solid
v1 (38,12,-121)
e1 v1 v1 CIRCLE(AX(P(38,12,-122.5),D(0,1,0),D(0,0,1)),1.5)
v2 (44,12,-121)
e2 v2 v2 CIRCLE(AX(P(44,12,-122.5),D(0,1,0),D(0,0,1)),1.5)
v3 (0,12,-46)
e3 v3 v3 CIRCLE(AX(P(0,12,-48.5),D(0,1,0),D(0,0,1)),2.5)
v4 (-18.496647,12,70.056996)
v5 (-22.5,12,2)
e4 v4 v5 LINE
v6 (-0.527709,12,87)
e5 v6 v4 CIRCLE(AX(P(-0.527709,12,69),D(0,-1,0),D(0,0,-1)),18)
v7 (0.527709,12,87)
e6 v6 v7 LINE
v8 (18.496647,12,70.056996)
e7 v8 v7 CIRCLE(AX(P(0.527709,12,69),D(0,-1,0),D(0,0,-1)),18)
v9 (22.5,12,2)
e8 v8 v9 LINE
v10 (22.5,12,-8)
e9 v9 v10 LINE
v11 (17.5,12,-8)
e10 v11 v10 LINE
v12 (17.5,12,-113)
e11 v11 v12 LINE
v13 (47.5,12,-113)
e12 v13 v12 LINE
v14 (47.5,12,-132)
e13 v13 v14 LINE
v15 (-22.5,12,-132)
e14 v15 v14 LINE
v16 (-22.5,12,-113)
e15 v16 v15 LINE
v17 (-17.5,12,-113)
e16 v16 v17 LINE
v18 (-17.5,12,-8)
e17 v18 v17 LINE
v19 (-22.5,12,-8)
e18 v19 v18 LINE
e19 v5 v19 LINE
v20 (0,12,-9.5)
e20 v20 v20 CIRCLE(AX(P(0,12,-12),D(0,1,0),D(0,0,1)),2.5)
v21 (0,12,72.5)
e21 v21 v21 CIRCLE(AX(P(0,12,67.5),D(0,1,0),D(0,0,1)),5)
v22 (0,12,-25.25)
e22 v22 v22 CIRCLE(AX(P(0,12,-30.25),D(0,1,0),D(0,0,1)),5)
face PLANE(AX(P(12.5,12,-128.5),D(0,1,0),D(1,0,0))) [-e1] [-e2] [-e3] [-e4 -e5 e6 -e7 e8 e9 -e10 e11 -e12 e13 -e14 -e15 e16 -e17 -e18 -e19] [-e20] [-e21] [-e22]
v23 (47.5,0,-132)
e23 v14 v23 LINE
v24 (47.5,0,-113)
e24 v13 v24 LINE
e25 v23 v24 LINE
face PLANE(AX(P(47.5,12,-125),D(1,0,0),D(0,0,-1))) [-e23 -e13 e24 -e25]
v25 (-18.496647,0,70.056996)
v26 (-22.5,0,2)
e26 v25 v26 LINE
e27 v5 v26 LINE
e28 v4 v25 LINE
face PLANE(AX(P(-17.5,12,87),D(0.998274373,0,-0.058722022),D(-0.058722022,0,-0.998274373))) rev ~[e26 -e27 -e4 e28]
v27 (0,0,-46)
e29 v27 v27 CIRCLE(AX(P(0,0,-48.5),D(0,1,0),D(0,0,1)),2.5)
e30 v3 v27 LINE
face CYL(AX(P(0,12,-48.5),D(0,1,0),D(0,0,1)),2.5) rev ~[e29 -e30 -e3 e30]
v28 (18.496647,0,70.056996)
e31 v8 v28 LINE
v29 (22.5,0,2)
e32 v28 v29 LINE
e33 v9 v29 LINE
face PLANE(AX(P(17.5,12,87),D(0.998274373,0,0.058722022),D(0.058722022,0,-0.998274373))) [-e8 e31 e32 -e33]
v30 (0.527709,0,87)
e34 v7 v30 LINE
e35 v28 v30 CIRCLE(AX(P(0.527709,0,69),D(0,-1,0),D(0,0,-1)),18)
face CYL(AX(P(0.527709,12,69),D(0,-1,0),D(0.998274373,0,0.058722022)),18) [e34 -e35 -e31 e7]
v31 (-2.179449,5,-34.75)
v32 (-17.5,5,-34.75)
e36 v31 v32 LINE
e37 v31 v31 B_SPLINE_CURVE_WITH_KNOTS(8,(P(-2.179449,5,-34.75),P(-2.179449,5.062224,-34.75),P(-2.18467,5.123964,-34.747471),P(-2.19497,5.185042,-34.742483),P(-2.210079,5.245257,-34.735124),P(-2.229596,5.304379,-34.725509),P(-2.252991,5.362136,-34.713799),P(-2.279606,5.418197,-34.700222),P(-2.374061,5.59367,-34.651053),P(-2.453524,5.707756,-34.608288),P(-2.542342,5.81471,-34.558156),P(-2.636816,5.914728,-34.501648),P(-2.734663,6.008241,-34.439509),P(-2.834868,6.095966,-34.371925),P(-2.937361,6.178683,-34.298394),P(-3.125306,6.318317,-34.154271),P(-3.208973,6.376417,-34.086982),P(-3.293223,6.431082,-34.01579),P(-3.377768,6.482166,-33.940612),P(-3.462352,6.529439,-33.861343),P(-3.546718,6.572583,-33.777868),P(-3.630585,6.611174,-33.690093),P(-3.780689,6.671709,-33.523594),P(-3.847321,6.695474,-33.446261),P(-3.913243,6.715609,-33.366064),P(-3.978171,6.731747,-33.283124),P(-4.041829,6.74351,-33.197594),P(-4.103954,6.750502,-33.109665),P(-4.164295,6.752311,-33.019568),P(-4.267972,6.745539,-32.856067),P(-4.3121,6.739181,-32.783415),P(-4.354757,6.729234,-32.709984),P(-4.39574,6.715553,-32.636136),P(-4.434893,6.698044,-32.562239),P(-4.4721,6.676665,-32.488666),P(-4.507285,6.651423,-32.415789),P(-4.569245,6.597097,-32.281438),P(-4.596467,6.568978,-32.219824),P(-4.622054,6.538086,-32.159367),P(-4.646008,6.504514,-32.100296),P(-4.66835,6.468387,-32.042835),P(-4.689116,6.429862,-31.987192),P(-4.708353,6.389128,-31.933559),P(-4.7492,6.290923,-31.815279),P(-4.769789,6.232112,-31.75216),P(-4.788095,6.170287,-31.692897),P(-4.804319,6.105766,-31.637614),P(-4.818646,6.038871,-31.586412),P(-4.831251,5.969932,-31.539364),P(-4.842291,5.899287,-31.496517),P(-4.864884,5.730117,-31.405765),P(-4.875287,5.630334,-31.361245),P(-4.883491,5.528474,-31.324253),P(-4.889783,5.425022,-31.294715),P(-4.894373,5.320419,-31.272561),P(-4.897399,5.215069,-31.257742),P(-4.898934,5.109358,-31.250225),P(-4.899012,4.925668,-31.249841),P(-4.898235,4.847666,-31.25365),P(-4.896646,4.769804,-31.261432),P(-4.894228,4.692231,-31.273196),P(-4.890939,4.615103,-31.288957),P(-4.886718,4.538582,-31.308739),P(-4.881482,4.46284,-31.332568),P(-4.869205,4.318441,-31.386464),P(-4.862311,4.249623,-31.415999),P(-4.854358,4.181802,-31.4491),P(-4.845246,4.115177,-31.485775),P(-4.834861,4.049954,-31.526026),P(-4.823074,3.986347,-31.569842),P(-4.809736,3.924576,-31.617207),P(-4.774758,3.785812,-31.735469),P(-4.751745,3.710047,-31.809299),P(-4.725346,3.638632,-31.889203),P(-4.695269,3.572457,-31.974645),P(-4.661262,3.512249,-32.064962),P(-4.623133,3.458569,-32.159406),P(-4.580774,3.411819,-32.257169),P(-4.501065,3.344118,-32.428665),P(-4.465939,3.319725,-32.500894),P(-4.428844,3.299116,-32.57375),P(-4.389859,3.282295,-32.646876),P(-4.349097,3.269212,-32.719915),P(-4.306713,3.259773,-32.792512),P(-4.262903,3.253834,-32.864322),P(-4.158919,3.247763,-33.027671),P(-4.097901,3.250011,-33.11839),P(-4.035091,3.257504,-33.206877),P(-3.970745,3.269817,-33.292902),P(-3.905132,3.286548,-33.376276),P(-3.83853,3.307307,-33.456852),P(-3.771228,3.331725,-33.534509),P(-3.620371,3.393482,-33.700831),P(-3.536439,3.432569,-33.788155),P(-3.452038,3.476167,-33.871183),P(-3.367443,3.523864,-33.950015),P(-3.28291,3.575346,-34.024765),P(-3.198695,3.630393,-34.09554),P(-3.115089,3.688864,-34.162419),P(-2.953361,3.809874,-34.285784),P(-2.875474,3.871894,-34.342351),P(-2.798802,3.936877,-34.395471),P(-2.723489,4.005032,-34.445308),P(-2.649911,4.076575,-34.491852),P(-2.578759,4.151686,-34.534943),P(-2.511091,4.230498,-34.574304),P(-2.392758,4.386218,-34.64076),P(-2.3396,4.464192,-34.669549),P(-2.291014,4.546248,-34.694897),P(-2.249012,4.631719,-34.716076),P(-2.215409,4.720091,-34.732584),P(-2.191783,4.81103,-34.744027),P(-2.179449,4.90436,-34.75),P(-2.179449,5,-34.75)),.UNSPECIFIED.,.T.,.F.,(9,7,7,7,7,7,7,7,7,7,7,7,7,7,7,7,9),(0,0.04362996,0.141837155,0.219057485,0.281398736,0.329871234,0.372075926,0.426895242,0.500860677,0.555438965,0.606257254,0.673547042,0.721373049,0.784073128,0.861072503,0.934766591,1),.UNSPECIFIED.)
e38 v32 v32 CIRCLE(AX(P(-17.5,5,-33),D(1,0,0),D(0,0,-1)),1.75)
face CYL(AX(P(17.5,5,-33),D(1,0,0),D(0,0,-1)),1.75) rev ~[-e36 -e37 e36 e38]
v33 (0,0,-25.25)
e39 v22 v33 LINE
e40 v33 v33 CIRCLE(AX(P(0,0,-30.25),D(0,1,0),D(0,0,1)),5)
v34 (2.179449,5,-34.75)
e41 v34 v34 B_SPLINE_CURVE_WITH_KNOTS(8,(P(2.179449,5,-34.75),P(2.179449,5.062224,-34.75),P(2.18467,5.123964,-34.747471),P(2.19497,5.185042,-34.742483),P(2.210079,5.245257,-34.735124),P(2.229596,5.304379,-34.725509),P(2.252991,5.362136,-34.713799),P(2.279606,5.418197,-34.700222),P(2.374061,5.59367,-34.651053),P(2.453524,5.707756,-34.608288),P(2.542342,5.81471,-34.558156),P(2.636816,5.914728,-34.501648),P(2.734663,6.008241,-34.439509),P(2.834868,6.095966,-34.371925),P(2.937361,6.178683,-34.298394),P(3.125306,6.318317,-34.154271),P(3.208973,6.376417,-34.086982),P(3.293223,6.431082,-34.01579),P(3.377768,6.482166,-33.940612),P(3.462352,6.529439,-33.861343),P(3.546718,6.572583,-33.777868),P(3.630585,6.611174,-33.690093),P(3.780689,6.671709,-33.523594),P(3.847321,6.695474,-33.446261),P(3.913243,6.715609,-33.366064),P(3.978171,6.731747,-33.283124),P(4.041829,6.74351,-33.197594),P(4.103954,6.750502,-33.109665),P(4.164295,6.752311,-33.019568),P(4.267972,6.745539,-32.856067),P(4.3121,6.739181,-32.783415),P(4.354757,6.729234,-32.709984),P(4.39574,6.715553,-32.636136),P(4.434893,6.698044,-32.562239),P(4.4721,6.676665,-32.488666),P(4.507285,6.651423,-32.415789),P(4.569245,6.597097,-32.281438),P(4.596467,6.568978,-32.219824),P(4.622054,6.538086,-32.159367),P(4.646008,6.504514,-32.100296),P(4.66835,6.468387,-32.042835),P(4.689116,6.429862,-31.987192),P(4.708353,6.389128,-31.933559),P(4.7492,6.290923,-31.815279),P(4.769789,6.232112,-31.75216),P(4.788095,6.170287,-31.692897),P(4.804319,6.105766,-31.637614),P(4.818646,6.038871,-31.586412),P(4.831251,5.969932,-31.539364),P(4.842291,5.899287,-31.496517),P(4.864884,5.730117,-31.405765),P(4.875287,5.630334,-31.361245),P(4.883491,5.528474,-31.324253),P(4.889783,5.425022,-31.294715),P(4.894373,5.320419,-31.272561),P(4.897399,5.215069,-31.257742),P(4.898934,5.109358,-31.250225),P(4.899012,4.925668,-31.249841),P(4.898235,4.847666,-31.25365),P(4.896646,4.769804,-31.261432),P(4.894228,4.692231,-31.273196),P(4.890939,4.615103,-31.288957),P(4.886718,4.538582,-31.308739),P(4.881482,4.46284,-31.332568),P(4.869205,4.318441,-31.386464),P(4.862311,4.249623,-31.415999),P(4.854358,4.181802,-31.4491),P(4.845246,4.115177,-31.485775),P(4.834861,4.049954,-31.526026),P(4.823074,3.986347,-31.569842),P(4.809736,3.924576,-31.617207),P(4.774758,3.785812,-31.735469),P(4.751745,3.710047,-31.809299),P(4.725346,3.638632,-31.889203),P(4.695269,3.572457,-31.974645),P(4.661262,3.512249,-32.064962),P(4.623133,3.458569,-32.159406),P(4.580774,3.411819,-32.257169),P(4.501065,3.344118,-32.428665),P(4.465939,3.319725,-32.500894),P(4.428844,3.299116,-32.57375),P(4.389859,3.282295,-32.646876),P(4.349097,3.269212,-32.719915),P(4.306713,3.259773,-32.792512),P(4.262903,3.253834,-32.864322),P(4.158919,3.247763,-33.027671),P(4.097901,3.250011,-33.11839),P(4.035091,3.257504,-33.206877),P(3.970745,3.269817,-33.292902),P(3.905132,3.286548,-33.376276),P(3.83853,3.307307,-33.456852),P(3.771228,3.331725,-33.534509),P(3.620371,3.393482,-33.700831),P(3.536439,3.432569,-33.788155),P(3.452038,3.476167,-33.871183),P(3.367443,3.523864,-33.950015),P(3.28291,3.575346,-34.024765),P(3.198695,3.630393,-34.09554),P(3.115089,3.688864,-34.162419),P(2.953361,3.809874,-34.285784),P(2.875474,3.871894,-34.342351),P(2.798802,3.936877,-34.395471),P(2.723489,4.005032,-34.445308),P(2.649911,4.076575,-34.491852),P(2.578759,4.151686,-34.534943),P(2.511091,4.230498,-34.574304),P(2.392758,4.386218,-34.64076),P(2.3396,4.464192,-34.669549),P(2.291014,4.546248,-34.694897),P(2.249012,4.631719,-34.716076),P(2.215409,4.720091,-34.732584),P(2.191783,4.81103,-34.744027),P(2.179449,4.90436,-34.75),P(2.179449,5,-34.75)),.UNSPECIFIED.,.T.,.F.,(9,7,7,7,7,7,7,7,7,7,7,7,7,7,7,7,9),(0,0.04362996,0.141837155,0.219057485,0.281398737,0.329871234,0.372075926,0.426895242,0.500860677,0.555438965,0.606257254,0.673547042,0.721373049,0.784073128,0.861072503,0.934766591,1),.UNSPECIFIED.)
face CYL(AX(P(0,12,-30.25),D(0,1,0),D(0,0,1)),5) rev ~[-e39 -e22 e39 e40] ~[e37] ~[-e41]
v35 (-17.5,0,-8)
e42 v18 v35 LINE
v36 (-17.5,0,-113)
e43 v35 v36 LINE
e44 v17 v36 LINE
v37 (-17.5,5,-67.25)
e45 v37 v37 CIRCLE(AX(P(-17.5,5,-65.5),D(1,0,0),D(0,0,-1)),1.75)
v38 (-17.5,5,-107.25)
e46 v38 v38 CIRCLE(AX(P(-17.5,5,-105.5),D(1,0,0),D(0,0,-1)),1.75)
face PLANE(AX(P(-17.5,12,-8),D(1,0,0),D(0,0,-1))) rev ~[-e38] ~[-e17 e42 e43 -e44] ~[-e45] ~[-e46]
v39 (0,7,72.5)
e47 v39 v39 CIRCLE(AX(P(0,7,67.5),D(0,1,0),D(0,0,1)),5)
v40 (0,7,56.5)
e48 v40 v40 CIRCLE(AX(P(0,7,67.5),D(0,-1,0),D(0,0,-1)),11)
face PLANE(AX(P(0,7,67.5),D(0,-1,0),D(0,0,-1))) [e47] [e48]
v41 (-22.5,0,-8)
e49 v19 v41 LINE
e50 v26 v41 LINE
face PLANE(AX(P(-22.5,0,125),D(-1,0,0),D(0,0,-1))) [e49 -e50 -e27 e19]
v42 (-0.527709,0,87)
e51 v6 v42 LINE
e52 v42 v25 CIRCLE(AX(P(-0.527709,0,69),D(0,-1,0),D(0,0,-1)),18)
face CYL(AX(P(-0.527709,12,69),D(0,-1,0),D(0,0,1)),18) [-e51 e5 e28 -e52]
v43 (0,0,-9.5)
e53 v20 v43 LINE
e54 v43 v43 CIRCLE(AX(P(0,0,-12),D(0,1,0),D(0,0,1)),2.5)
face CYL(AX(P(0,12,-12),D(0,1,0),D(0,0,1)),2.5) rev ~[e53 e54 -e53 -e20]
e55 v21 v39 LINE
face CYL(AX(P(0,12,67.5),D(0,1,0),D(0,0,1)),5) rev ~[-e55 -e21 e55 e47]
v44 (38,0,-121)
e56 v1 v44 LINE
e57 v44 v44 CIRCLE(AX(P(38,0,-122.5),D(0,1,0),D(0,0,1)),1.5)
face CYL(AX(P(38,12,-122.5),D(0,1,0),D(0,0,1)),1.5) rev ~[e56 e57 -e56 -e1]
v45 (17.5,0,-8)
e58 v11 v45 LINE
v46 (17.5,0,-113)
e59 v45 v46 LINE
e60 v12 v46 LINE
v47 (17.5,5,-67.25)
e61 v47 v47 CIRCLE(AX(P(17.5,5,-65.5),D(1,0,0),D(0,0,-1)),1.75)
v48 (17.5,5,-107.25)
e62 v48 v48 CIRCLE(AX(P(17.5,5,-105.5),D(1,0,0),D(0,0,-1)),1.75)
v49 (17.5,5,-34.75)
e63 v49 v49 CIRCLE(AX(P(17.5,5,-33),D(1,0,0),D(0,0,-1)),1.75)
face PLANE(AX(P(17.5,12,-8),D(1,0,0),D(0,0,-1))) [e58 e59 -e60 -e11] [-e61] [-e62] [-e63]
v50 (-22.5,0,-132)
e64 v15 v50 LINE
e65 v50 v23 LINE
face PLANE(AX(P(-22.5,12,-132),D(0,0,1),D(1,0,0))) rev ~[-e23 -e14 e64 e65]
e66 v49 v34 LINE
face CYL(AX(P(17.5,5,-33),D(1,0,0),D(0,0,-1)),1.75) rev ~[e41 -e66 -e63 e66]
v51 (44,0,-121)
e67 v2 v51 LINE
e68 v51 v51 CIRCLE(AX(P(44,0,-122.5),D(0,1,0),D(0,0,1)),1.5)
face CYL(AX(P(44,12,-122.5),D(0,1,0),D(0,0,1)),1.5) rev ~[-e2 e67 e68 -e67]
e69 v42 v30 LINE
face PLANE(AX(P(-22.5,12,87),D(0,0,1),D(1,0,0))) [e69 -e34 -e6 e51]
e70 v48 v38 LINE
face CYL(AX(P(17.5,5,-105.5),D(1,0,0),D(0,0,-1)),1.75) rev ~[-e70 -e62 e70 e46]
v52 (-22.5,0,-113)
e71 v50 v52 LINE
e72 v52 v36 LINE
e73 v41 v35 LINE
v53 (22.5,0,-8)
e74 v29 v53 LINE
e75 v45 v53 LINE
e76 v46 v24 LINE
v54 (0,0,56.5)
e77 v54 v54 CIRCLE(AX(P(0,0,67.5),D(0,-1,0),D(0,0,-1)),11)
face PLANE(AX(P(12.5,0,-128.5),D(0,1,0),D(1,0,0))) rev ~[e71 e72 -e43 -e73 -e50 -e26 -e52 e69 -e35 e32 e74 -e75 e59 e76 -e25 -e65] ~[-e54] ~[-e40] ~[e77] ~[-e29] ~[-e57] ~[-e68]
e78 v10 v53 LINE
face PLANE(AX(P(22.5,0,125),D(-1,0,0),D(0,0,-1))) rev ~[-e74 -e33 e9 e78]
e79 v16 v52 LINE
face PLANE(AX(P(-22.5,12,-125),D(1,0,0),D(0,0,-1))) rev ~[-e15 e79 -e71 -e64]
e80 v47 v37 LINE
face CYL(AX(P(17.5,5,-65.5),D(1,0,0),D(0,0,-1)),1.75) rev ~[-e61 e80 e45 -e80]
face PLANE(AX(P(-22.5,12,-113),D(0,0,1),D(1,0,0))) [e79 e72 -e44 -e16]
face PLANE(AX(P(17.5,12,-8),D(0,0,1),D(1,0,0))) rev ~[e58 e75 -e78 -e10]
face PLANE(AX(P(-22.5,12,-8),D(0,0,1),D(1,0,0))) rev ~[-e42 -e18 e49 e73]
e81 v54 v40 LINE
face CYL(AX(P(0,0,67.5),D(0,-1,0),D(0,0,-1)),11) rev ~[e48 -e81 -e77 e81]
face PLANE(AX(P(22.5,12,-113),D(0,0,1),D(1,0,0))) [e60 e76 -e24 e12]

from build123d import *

# Parameters (mm, degrees)
SKETCH1_W           = 45
SKETCH1_H           = 250
BOSS_EXTRUDE1_DEPTH = 12
SKETCH2_R           = 2.5
SKETCH2_R_2         = 5
SKETCH2_W           = 5
SKETCH2_H           = 105
SKETCH2_W_2         = 45
SKETCH2_H_2         = 15
CUT_EXTRUDE1_DEPTH  = 12
SKETCH3_R           = 1.75
CUT_EXTRUDE2_DEPTH  = 35
SKETCH4_W           = 25
SKETCH4_H           = 12
BOSS_EXTRUDE2_DEPTH = 12
SKETCH5_W           = 45
SKETCH5_H           = 23
CUT_EXTRUDE3_DEPTH  = 20
SKETCH6_W           = 70
SKETCH6_H           = 7
BOSS_EXTRUDE3_DEPTH = 12
SKETCH7_R           = 1.5
CUT_EXTRUDE4_DEPTH  = 12
CUT_EXTRUDE5_DEPTH  = 20
FILLET1_R           = 18
SKETCH9_R           = 11
CUT_EXTRUDE6_DEPTH  = 7


with BuildPart() as part:
    # Sketch1 → Boss-Extrude1 (new body)
    with BuildSketch(Plane(origin=(0, 0, 0), x_dir=(1, 0, 0), z_dir=(0, 1, 0))):
        Rectangle(SKETCH1_W, SKETCH1_H)
    extrude(amount=BOSS_EXTRUDE1_DEPTH)

    # Sketch2 → Cut-Extrude1 (cut)
    with BuildSketch(Plane(origin=(0, 12, 0), x_dir=(1, 0, 0), z_dir=(0, 1, 0))):
        with Locations(Location((0, 12, 0), (0, 0, 270))):
            Circle(SKETCH2_R)
        with Locations(Location((0, 30.25, 0), (0, 0, 270))):
            Circle(SKETCH2_R_2)
        with Locations(Location((0, 48.5, 0), (0, 0, 270))):
            Circle(SKETCH2_R)
        with Locations(Location((0, -67.5, 0), (0, 0, 270))):
            Circle(SKETCH2_R_2)
        with Locations((20, 60.5)):
            Rectangle(SKETCH2_W, SKETCH2_H)
        with Locations((-20, 60.5)):
            Rectangle(SKETCH2_W, SKETCH2_H)
        with Locations((0, -117.5)):
            Rectangle(SKETCH2_W_2, SKETCH2_H_2)
    extrude(amount=-CUT_EXTRUDE1_DEPTH, mode=Mode.SUBTRACT)

    # Sketch3 → Cut-Extrude2 (cut)
    with BuildSketch(Plane(origin=(17.5, 0, 0), x_dir=(0, 0, -1), z_dir=(1, 0, 0))):
        with Locations((33, 5)):
            Circle(SKETCH3_R)
        with Locations((65.5, 5)):
            Circle(SKETCH3_R)
        with Locations((105.5, 5)):
            Circle(SKETCH3_R)
    extrude(amount=-CUT_EXTRUDE2_DEPTH, mode=Mode.SUBTRACT)

    # Sketch4 → Boss-Extrude2 (add)
    with BuildSketch(Plane(origin=(0, 12, 0), x_dir=(1, 0, 0), z_dir=(0, 1, 0))):
        with Locations((35, 119)):
            Rectangle(SKETCH4_W, SKETCH4_H)
    extrude(amount=-BOSS_EXTRUDE2_DEPTH)

    # Sketch5 → Cut-Extrude3 (cut)
    with BuildSketch(Plane(origin=(0, 12, 0), x_dir=(1, 0, 0), z_dir=(0, 1, 0))):
        with Locations((0, -98.5)):
            Rectangle(SKETCH5_W, SKETCH5_H)
    extrude(amount=-CUT_EXTRUDE3_DEPTH, mode=Mode.SUBTRACT)

    # Sketch6 → Boss-Extrude3 (add)
    with BuildSketch(Plane(origin=(0, 12, 0), x_dir=(1, 0, 0), z_dir=(0, 1, 0))):
        with Locations((12.5, 128.5)):
            Rectangle(SKETCH6_W, SKETCH6_H)
    extrude(amount=-BOSS_EXTRUDE3_DEPTH)

    # Sketch7 → Cut-Extrude4 (cut)
    with BuildSketch(Plane(origin=(0, 12, 0), x_dir=(1, 0, 0), z_dir=(0, 1, 0))):
        with Locations(Location((38, 122.5, 0), (0, 0, 270))):
            Circle(SKETCH7_R)
        with Locations(Location((44, 122.5, 0), (0, 0, 270))):
            Circle(SKETCH7_R)
    extrude(amount=-CUT_EXTRUDE4_DEPTH, mode=Mode.SUBTRACT)

    # Sketch8 → Cut-Extrude5 (cut)
    with BuildSketch(Plane(origin=(0, 12, 0), x_dir=(1, 0, 0), z_dir=(0, 1, 0))):
        Polygon((-22.5, -2), (-22.5, -87), (-17.5, -87), align=None)
        Polygon((17.5, -87), (22.5, -2), (22.5, -87), align=None)
    extrude(amount=-CUT_EXTRUDE5_DEPTH, mode=Mode.SUBTRACT)

    # Fillet1
    fillet1_edges = [part.edges().sort_by_distance(p)[0] for p in [
        (17.5, 6, 87),
        (-17.5, 6, 87),
    ]]
    fillet(fillet1_edges, radius=FILLET1_R)

    # Sketch9 → Cut-Extrude6 (cut)
    with BuildSketch(Plane.XZ):
        with Locations(Location((0, 67.5, 0), (0, 0, 270))):
            Circle(SKETCH9_R)
    extrude(amount=-CUT_EXTRUDE6_DEPTH, mode=Mode.SUBTRACT)


solid = part.part
